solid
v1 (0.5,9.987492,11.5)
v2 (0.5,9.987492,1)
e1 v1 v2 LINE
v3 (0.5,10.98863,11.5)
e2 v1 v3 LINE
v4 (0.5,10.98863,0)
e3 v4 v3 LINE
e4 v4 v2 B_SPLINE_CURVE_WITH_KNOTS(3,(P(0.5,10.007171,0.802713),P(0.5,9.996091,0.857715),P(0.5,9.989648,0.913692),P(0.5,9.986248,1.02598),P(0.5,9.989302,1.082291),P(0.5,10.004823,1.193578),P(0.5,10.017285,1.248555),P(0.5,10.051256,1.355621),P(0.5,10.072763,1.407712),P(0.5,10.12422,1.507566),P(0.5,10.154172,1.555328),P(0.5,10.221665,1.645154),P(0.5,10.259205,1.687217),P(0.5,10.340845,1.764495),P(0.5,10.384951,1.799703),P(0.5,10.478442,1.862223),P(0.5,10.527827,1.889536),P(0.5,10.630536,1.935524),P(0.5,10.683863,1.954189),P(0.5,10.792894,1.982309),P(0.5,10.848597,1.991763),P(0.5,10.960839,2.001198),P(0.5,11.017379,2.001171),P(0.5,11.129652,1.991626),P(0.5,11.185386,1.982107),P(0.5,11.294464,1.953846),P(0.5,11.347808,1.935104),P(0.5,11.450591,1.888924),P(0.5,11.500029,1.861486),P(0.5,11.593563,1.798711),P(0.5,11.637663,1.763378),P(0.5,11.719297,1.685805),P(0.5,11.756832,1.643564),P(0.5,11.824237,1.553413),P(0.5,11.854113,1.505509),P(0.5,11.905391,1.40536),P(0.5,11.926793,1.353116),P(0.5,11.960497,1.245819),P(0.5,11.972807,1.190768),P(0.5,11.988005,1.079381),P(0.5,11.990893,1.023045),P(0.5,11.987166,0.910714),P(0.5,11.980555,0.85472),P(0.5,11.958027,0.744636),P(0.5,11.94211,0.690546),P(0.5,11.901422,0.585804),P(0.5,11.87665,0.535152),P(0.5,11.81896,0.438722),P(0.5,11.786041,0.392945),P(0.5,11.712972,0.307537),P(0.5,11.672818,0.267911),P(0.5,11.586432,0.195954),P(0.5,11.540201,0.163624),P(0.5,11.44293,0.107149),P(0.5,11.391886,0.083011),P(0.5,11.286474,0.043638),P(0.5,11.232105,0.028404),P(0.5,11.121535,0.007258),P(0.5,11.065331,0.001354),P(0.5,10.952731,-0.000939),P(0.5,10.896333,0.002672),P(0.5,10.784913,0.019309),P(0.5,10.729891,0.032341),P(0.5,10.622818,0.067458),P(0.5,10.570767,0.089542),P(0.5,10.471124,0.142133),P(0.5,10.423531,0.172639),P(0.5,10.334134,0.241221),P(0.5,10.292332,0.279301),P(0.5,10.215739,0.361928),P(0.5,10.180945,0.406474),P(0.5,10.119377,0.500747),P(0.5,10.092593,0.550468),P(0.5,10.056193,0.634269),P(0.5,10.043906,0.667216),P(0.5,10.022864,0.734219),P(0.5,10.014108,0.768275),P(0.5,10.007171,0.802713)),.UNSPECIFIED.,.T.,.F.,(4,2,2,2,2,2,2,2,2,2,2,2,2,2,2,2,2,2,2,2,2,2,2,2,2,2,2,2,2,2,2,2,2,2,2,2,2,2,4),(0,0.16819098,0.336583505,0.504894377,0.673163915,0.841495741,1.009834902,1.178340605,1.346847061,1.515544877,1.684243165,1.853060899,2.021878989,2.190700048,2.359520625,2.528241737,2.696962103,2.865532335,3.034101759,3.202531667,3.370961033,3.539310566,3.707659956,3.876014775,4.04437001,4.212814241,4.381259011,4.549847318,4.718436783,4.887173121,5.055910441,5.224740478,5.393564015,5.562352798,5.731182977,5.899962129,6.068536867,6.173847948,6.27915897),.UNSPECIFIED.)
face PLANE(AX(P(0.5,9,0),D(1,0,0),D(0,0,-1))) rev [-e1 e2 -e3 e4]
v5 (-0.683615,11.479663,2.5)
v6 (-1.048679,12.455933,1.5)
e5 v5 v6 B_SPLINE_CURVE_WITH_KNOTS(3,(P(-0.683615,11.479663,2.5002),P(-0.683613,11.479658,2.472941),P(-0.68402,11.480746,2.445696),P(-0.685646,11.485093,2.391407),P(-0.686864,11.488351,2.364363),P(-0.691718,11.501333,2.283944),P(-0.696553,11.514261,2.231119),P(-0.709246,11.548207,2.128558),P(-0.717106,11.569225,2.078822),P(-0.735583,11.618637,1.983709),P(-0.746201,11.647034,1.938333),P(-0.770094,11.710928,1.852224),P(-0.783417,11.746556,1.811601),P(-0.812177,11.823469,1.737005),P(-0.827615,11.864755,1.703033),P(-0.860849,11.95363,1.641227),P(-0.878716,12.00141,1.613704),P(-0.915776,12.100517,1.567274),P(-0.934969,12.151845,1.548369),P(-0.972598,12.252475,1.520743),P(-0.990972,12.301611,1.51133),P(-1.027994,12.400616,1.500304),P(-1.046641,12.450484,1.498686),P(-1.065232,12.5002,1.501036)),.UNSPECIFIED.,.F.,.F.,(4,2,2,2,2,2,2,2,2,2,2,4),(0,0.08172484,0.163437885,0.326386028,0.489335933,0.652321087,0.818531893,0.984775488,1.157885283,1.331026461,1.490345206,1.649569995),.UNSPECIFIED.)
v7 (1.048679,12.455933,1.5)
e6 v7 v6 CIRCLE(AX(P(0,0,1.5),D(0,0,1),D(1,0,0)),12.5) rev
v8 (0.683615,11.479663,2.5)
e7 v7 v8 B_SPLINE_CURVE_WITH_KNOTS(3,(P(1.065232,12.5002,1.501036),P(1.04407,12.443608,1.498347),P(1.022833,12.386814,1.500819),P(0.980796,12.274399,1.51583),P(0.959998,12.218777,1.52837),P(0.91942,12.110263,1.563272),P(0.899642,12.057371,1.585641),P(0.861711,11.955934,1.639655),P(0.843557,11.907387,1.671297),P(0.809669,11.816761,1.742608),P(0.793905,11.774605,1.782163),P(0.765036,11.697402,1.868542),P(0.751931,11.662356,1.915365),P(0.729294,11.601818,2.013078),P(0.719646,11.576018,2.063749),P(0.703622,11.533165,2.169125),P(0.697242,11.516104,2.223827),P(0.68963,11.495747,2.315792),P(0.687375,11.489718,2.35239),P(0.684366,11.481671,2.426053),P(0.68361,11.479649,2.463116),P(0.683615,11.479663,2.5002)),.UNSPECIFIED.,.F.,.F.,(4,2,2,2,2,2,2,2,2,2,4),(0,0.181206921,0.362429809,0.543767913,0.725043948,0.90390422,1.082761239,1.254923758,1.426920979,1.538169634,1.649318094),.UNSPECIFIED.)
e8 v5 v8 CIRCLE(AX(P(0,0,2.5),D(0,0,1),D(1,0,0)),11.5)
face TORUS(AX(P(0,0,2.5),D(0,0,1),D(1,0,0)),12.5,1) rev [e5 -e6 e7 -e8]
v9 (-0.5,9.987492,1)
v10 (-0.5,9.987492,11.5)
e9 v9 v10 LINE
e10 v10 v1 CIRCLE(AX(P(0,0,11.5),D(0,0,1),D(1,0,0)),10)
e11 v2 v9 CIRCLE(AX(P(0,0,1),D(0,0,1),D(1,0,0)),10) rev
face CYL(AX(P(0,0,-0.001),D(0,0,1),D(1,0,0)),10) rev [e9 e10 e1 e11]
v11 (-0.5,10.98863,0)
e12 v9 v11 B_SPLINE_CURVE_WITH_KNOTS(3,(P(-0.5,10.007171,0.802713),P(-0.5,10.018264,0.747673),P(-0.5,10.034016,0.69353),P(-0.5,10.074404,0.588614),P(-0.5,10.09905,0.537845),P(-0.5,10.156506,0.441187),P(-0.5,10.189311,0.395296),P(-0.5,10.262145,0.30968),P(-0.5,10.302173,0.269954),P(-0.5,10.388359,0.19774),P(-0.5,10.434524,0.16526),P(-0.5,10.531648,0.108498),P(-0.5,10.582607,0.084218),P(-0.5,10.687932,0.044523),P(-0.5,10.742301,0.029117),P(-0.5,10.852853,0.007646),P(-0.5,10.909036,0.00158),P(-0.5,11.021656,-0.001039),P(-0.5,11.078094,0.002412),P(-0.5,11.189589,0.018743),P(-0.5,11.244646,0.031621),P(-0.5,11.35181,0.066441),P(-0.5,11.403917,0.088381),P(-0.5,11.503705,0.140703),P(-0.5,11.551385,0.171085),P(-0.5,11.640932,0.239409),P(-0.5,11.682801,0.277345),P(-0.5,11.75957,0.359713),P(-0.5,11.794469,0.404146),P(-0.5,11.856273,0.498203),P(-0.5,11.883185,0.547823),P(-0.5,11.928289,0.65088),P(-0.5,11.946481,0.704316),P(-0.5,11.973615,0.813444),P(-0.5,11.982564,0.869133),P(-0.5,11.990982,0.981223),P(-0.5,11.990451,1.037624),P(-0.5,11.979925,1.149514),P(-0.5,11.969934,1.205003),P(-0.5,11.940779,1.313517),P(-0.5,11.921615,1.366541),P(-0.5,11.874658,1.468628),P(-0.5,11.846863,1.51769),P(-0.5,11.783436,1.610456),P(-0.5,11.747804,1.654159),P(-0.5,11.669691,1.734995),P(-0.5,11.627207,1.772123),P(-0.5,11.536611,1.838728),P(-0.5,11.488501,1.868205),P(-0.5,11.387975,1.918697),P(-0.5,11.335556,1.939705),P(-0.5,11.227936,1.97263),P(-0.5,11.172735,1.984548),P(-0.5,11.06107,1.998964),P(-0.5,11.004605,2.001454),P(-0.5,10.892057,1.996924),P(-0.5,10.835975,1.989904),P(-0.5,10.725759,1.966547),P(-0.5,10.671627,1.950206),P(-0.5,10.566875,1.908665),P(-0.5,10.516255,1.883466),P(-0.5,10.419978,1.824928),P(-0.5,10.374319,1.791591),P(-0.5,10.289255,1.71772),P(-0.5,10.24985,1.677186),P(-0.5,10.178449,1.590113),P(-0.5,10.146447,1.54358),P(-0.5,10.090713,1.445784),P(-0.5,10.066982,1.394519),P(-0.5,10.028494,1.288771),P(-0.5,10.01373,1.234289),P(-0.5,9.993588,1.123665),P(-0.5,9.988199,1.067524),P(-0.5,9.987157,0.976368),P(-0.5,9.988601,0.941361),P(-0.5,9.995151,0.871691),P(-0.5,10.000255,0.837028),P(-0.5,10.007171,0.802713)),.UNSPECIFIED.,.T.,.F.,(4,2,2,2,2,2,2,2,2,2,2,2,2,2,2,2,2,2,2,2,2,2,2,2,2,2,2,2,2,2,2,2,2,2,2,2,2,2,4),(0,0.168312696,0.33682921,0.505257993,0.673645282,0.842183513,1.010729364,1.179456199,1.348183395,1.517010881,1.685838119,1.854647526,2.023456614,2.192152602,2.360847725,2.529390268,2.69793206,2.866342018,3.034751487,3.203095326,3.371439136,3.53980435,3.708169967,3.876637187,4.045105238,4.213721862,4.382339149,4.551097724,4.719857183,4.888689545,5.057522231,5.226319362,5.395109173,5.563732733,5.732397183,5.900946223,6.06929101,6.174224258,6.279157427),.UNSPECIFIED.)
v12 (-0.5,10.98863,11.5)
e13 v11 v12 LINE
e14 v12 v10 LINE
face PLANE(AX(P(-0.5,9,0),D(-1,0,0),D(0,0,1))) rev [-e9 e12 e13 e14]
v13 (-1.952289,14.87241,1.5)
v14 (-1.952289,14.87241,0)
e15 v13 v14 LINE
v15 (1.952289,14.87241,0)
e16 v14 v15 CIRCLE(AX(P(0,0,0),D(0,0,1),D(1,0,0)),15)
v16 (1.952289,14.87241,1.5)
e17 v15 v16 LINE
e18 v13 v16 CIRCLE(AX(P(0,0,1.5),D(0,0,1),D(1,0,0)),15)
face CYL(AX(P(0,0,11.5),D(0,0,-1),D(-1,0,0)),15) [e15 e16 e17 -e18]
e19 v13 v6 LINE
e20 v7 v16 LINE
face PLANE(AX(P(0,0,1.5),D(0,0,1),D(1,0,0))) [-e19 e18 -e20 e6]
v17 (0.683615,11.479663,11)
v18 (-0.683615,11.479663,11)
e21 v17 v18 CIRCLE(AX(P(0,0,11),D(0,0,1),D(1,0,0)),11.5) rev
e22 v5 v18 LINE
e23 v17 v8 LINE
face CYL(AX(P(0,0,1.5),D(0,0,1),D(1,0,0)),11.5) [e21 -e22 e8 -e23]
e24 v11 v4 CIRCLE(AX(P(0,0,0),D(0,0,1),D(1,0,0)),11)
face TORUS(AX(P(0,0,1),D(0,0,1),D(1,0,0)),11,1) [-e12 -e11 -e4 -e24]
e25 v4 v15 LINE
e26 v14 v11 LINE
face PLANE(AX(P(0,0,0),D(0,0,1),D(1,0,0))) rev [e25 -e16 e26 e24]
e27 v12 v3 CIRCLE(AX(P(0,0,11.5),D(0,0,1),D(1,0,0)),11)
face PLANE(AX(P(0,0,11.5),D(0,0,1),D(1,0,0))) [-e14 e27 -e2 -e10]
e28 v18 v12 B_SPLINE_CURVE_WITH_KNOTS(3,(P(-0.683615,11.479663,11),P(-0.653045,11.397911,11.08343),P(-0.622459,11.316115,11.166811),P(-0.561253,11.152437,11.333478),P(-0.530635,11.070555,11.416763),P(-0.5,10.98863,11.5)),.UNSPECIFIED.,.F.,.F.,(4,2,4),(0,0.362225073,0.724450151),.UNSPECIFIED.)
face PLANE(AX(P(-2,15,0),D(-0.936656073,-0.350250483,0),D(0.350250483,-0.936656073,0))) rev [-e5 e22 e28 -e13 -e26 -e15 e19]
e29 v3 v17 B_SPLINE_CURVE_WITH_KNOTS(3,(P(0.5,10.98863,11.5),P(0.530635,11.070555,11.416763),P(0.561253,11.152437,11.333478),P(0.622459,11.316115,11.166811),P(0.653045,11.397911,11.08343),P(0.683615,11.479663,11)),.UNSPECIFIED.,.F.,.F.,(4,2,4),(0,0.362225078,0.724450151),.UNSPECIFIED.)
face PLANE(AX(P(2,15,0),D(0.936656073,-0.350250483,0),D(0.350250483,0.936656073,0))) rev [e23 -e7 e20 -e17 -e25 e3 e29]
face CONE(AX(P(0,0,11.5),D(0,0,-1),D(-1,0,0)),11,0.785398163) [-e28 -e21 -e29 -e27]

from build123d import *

# Parameters (mm, degrees)
ESQUISSE1_R             = 15
BOSS_EXTRU_1_DEPTH      = 11.5
ESQUISSE2_OUTSIDE_W     = 40.792
ESQUISSE2_OUTSIDE_H     = 40.792
ESQUISSE2_OUTSIDE_R     = 11.5
ENL_V_MAT_EXTRU_1_DEPTH = 10
ENL_V_MAT_EXTRU_2_REACH = 26.13
ESQUISSE3_R             = 10
CONG_1_R                = 1
CONG_2_R                = 1
ENL_V_MAT_EXTRU_3_DEPTH = 25.12985702402731
CHANFREIN1_SIZE         = 0.5


with BuildPart() as part:
    # Esquisse1 → Boss.-Extru.1 (new body)
    with BuildSketch(Plane.XY):
        Circle(ESQUISSE1_R)
    extrude(amount=BOSS_EXTRU_1_DEPTH)

    # Esquisse2 outside → Enlèv. mat.-Extru.1 (cut)
    with BuildSketch(Plane.XY.offset(11.5)):
        Rectangle(ESQUISSE2_OUTSIDE_W, ESQUISSE2_OUTSIDE_H)
        Circle(ESQUISSE2_OUTSIDE_R, mode=Mode.SUBTRACT)
    extrude(amount=-ENL_V_MAT_EXTRU_1_DEPTH, mode=Mode.SUBTRACT)

    # Esquisse3 → Enlèv. mat.-Extru.2 (cut, up to next)
    with BuildSketch(Plane.XY.offset(11.5), mode=Mode.PRIVATE) as enl_v_mat_extru_2_sk1:
        Circle(ESQUISSE3_R)
    enl_v_mat_extru_2_tool1 = extrude(enl_v_mat_extru_2_sk1.sketch, amount=-ENL_V_MAT_EXTRU_2_REACH, mode=Mode.PRIVATE) & part.part
    add(enl_v_mat_extru_2_tool1.solids().sort_by_distance((0, 0, 11.5))[0], mode=Mode.SUBTRACT)

    # Congé1
    cong_1_edges = [part.edges().sort_by_distance(p)[0] for p in [
        (-11.5, 1.41e-15, 1.5),
    ]]
    fillet(cong_1_edges, radius=CONG_1_R)

    # Congé2
    cong_2_edges = [part.edges().sort_by_distance(p)[0] for p in [
        (-10, 1.22e-15, 0),
    ]]
    fillet(cong_2_edges, radius=CONG_2_R)

    # Esquisse4 → Enlèv. mat.-Extru.3 (cut, through all)
    with BuildSketch(Plane.XY.offset(11.5)):
        Polygon((0.5, 9), (-0.5, 9), (-0.5, 10.988630487917954), (-2.0000000000000004, 15), (2, 15), (0.5, 10.988630487917954), align=None)
    extrude(amount=-ENL_V_MAT_EXTRU_3_DEPTH, mode=Mode.SUBTRACT)

    # Chanfrein1
    chanfrein1_edges = [part.edges().sort_by_distance(p)[0] for p in [
        (-7.886330667871463, -8.36993360768113, 11.5),
    ]]
    chamfer(chanfrein1_edges, length=CHANFREIN1_SIZE)


solid = part.part
